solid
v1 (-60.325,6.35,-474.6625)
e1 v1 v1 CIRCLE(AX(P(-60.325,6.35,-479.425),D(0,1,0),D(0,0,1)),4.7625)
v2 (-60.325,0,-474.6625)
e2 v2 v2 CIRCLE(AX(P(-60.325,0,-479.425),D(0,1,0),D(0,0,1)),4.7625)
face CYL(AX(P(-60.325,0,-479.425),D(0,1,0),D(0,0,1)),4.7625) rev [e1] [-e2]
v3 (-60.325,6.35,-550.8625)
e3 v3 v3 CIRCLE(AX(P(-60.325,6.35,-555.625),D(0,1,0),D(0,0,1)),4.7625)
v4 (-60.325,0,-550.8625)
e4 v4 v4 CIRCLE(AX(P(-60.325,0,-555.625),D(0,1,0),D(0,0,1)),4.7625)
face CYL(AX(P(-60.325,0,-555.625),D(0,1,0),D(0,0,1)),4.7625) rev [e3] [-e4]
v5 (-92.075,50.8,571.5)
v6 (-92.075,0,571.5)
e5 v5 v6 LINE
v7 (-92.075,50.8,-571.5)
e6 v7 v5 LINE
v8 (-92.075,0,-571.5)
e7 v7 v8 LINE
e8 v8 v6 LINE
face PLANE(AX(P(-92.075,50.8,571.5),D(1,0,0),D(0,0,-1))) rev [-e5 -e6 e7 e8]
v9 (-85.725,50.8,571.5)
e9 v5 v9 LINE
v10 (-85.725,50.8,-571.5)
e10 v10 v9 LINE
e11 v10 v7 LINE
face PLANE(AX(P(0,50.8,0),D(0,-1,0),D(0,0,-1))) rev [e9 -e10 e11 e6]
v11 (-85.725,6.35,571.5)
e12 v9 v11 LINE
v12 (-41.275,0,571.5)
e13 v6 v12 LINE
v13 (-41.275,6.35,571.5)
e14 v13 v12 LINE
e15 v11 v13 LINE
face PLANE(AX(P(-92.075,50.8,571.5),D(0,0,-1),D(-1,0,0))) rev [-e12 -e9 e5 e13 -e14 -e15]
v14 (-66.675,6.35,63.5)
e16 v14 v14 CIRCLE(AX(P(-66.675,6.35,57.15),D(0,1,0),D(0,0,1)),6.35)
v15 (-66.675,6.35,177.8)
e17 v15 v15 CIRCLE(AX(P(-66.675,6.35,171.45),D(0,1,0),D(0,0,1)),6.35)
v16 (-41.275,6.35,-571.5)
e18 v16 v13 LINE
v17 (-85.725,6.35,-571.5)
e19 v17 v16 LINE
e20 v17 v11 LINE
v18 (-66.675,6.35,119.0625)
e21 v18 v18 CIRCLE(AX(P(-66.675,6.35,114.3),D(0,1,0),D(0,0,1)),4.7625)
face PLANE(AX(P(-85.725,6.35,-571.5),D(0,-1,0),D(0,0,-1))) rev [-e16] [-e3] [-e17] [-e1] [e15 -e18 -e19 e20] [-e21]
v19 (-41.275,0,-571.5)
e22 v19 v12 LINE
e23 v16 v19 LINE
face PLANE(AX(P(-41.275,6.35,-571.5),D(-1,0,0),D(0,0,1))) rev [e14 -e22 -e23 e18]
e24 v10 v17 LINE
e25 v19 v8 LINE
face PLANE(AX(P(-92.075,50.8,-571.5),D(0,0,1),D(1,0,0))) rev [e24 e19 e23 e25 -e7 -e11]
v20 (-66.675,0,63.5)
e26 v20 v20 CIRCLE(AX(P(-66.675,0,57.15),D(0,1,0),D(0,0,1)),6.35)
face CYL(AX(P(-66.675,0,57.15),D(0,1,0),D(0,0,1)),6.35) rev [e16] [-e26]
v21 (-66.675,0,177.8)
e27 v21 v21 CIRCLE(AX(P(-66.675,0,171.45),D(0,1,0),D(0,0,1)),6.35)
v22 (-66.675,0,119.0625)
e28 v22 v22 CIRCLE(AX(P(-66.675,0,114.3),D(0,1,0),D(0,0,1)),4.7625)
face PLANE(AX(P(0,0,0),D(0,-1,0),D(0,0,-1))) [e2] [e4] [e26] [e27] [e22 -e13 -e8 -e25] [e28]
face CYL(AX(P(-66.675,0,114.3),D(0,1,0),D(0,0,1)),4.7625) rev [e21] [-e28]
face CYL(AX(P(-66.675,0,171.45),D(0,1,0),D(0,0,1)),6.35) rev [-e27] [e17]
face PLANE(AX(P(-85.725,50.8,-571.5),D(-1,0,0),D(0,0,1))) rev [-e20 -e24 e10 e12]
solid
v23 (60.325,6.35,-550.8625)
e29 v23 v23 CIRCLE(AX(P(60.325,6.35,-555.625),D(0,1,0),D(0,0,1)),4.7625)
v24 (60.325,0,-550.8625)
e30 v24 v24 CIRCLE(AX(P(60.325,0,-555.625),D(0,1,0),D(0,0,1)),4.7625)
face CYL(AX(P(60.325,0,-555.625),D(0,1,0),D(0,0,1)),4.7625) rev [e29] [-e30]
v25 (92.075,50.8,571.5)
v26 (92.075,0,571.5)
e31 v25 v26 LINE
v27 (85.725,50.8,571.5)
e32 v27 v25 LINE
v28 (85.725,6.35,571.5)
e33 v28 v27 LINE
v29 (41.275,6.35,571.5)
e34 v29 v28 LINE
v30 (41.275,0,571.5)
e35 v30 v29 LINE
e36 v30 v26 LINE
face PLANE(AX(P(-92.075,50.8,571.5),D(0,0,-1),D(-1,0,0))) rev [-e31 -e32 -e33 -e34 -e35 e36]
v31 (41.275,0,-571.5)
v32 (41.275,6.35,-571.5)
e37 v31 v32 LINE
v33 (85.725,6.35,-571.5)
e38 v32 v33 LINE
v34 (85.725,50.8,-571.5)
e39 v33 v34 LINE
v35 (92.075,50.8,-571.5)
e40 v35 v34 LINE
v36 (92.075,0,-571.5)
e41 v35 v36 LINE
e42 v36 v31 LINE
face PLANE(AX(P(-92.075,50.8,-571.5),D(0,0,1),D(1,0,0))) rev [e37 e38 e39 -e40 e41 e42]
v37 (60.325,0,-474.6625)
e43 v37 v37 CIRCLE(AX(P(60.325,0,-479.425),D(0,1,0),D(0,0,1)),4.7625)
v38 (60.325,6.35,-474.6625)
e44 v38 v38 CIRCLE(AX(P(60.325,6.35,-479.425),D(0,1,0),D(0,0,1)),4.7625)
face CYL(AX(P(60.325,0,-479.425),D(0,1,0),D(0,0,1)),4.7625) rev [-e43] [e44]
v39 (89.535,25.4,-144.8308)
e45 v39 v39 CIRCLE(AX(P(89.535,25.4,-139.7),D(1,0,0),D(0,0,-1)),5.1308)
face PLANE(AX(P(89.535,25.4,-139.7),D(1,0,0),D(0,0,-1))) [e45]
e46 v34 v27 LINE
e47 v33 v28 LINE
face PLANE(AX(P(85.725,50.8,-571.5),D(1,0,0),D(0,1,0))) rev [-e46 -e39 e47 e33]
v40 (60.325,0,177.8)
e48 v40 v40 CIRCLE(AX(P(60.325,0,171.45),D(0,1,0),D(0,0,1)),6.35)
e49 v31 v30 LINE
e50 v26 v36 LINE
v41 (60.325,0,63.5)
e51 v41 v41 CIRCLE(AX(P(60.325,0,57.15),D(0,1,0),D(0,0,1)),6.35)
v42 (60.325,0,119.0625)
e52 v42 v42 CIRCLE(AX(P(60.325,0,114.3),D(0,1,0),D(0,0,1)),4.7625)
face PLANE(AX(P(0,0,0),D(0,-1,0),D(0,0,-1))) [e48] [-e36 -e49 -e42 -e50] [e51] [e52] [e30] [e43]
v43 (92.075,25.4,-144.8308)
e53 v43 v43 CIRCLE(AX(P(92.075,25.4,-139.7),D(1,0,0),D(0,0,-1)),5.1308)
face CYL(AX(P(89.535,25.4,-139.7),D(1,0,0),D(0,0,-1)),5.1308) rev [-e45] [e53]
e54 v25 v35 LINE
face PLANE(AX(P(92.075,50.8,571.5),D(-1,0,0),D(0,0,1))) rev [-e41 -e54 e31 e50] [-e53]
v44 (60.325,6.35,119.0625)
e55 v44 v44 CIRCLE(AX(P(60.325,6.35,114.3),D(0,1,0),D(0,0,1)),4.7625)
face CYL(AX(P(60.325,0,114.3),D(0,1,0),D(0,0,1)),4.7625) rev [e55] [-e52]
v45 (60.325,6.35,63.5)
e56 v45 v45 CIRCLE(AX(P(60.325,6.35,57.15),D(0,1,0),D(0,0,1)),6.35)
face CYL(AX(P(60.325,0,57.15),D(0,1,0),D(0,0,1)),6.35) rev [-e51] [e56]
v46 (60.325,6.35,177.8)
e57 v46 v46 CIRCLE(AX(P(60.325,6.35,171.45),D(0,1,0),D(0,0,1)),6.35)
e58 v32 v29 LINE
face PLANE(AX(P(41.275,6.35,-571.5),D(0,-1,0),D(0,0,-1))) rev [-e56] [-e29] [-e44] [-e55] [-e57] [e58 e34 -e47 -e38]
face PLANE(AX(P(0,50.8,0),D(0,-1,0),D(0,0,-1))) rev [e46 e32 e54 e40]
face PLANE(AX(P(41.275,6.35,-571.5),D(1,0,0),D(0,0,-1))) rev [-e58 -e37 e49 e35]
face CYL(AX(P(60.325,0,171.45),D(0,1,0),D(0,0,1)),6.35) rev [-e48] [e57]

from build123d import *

# Parameters (mm, degrees)
SKETCH1_W            = 184.15
SKETCH1_H            = 1143
BOSS_EXTRUDE1_DEPTH  = 50.8
CUT_EXTRUDE1_DEPTH   = 1144
SKETCH3_R            = 4.7625
SKETCH3_R_2          = 6.35
BOLT_HOLE_CUTS_DEPTH = 7.35
SKETCH4_R            = 5.1308
CUT_EXTRUDE2_DEPTH   = 2.54


with BuildPart() as part:
    # Sketch1 → Boss-Extrude1 (new body)
    with BuildSketch(Plane(origin=(0, 0, 0), x_dir=(1, 0, 0), z_dir=(0, 1, 0))):
        Rectangle(SKETCH1_W, SKETCH1_H)
    extrude(amount=BOSS_EXTRUDE1_DEPTH)

    # Sketch2 → Cut-Extrude1 (cut, through all)
    with BuildSketch(Plane.XY.offset(571.5)):
        Polygon((-85.725, 50.8), (85.725, 50.8), (85.725, 6.35), (41.275, 6.35), (41.275, 0), (-41.275, 0), (-41.275, 6.35), (-85.725, 6.35), align=None)
    extrude(amount=-CUT_EXTRUDE1_DEPTH, mode=Mode.SUBTRACT)

    # Sketch3 → Bolt Hole Cuts (cut, through all)
    with BuildSketch(Plane(origin=(0, 6.35, 0), x_dir=(1, 0, 0), z_dir=(0, 1, 0))):
        with Locations((-60.325, 555.625)):
            Circle(SKETCH3_R)
        with Locations((-60.325, 479.425)):
            Circle(SKETCH3_R)
        with Locations((-66.675, -114.3)):
            Circle(SKETCH3_R)
        with Locations((60.325, 555.625)):
            Circle(SKETCH3_R)
        with Locations((60.325, 479.425)):
            Circle(SKETCH3_R)
        with Locations((60.325, -114.3)):
            Circle(SKETCH3_R)
        with Locations((-66.675, -57.15)):
            Circle(SKETCH3_R_2)
        with Locations((-66.675, -171.45)):
            Circle(SKETCH3_R_2)
        with Locations((60.325, -57.15)):
            Circle(SKETCH3_R_2)
        with Locations((60.325, -171.45)):
            Circle(SKETCH3_R_2)
    extrude(amount=-BOLT_HOLE_CUTS_DEPTH, mode=Mode.SUBTRACT)

    # Sketch4 → Cut-Extrude2 (cut)
    with BuildSketch(Plane(origin=(92.075, 0, 0), x_dir=(0, 0, -1), z_dir=(1, 0, 0))):
        with Locations((139.7, 25.4)):
            Circle(SKETCH4_R)
    extrude(amount=-CUT_EXTRUDE2_DEPTH, mode=Mode.SUBTRACT)


solid = part.part
